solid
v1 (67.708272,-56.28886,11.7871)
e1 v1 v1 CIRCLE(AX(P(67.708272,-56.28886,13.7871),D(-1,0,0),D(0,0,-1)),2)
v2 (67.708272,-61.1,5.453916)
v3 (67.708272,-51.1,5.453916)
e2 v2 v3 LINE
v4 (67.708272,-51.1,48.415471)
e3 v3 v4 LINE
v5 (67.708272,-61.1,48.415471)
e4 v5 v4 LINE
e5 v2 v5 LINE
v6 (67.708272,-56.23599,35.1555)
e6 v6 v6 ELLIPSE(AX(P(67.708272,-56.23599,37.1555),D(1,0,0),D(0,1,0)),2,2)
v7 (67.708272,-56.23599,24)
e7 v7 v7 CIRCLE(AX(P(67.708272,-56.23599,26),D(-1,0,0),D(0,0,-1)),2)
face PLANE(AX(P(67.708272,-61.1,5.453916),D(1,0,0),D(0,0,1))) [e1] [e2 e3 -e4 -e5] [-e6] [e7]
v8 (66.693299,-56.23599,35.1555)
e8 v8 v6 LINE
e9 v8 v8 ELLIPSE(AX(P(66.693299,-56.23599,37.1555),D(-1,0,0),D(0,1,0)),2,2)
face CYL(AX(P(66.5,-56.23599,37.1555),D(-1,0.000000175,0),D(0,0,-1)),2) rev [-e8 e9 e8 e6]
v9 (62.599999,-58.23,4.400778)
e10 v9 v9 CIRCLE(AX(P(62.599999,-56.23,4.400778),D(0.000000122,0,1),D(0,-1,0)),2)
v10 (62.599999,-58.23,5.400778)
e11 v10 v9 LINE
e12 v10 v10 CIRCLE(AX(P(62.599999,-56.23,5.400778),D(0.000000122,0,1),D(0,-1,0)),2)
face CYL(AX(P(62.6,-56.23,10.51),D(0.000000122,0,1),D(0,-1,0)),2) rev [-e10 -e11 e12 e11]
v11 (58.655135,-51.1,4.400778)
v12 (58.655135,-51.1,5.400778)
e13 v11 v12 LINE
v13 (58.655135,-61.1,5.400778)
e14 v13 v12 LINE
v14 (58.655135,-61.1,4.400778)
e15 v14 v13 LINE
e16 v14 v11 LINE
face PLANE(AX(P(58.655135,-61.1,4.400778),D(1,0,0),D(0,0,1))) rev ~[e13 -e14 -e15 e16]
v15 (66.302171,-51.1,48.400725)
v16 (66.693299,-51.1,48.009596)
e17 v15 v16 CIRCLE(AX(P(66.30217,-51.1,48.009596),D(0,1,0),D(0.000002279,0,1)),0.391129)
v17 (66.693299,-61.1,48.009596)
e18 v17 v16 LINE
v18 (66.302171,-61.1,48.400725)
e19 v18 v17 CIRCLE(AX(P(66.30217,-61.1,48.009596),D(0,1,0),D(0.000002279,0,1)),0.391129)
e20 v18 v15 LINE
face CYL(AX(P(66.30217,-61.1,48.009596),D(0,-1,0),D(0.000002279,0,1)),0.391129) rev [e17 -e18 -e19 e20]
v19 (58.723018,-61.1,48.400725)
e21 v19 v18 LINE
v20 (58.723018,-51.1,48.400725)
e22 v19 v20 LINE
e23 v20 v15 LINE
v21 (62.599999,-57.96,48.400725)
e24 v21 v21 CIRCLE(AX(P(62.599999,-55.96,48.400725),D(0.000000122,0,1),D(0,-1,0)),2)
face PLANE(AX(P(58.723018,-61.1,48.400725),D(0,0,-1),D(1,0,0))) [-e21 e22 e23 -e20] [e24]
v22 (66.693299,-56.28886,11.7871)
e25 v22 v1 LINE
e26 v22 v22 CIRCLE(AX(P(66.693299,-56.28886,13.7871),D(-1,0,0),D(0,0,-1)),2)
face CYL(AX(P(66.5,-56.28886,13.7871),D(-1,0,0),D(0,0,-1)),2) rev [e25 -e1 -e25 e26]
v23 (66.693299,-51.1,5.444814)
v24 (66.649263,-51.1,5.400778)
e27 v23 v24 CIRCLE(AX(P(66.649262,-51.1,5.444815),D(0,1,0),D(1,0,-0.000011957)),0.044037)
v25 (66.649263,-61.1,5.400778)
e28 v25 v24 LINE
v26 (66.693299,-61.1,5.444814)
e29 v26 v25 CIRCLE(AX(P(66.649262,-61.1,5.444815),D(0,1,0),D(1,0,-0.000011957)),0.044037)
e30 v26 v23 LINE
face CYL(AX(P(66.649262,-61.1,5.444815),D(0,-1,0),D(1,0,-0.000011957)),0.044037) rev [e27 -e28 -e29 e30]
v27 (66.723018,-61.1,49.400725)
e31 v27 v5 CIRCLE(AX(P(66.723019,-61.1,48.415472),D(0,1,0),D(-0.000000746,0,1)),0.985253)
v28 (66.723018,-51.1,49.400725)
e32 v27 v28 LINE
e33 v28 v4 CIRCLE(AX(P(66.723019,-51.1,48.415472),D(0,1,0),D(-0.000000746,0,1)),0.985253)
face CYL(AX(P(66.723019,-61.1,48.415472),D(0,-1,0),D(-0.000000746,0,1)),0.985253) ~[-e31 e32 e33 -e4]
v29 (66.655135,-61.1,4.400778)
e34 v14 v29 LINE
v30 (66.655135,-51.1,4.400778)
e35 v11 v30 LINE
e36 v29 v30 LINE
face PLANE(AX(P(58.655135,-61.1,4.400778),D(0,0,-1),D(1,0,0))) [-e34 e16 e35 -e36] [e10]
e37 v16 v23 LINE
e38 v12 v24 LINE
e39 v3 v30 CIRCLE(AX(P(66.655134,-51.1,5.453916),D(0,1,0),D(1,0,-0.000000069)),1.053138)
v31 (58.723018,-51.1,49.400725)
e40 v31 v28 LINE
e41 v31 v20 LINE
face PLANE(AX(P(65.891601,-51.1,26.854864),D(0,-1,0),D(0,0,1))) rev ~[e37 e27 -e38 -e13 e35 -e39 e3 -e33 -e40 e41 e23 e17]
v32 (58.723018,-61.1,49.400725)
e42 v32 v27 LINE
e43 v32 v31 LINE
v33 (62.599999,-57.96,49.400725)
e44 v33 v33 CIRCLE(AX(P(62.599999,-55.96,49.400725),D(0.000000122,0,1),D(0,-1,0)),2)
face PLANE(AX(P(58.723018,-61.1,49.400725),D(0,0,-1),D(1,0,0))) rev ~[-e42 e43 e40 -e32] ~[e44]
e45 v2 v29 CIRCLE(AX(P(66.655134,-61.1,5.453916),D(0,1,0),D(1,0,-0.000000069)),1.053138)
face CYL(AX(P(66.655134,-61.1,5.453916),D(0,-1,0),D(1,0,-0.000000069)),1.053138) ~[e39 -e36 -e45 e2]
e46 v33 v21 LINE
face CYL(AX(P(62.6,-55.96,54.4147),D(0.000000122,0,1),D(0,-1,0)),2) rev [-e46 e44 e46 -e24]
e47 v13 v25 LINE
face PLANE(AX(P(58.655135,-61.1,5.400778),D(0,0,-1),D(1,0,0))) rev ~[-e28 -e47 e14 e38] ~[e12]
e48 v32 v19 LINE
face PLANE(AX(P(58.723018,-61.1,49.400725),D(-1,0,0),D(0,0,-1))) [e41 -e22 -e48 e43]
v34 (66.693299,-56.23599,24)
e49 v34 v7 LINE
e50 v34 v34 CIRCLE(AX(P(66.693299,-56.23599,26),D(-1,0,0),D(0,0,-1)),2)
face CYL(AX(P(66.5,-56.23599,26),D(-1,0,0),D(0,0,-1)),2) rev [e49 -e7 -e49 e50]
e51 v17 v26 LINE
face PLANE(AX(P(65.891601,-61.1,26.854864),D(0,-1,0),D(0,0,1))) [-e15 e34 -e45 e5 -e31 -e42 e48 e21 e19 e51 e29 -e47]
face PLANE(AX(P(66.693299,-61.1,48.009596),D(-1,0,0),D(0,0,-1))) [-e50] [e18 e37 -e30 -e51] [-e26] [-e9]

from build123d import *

# Parameters (mm, degrees)
CYLINDER030_R               = 2
CYLINDER030_DEPTH           = 10
CYLINDER030_PITCH_ANGLE     = 90
CYLINDER030_PLACEMENT_ANGLE = 7e-06
CYLINDER031_R               = 2
CYLINDER031_DEPTH           = 10
CYLINDER031_PITCH_ANGLE     = 90
CYLINDER031_PLACEMENT_ANGLE = 7e-06
CYLINDER026_R               = 2
CYLINDER026_DEPTH           = 2
CYLINDER026_ROLL_ANGLE      = -88.507054
CYLINDER026_PITCH_ANGLE     = -87.01751
CYLINDER026_PLACEMENT_ANGLE = -92.244015
CYLINDER028_R               = 2
CYLINDER028_DEPTH           = 2
CYLINDER028_PLACEMENT_ANGLE = 90.00001
CYLINDER029_R               = 2
CYLINDER029_DEPTH           = 2
CYLINDER029_ROLL_ANGLE      = 90
CYLINDER027_R               = 2
CYLINDER027_DEPTH           = 2
CYLINDER027_ROLL_ANGLE      = 90
CYLINDER025_R               = 2
CYLINDER025_DEPTH           = 2
CYLINDER025_ROLL_ANGLE      = -88.507054
CYLINDER025_PITCH_ANGLE     = -87.01751
CYLINDER025_PLACEMENT_ANGLE = -92.244015
PAD006_DEPTH                = 10
CUT025_PITCH_ANGLE          = 90
CUT025_PLACEMENT_ANGLE      = 90


with BuildPart() as cylinder030:
    # Cylinder030 → Cylinder030 (new body)
    with BuildSketch(Plane.XY):
        Circle(CYLINDER030_R)
    extrude(amount=CYLINDER030_DEPTH)


with BuildPart() as cylinder030_1:
    # Cylinder030 pitch: moved
    add(cylinder030.part.rotate(Axis((0, 0, 0), (0, 1, 0)), CYLINDER030_PITCH_ANGLE))


with BuildPart() as cylinder030_2:
    # Cylinder030 placement: moved
    add(cylinder030_1.part.moved(Location((15.49, 3.9, 4.87))).rotate(Axis((15.49, 3.9, 4.87), (0, 0, 1)), CYLINDER030_PLACEMENT_ANGLE))


with BuildPart() as cylinder031:
    # Cylinder031 → Cylinder031 (new body)
    with BuildSketch(Plane.XY):
        Circle(CYLINDER031_R)
    extrude(amount=CYLINDER031_DEPTH)


with BuildPart() as cylinder031_1:
    # Cylinder031 pitch: moved
    add(cylinder031.part.rotate(Axis((0, 0, 0), (0, 1, 0)), CYLINDER031_PITCH_ANGLE))


with BuildPart() as cylinder031_2:
    # Cylinder031 placement: moved
    add(cylinder031_1.part.moved(Location((-28.4147, 3.9, 5.14))).rotate(Axis((-28.4147, 3.9, 5.14), (0, 0, 1)), CYLINDER031_PLACEMENT_ANGLE))


with BuildPart() as cylinder026:
    # Cylinder026 → Cylinder026 (new body)
    with BuildSketch(Plane.XY):
        Circle(CYLINDER026_R)
    extrude(amount=CYLINDER026_DEPTH)


with BuildPart() as cylinder026_1:
    # Cylinder026 roll: moved
    add(cylinder026.part.rotate(Axis((0, 0, 0), (1, 0, 0)), CYLINDER026_ROLL_ANGLE))


with BuildPart() as cylinder026_2:
    # Cylinder026 pitch: moved
    add(cylinder026_1.part.rotate(Axis((0, 0, 0), (0, 1, 0)), CYLINDER026_PITCH_ANGLE))


with BuildPart() as cylinder026_3:
    # Cylinder026 placement: moved
    add(cylinder026_2.part.moved(Location((-26, 5.29, 4.9))).rotate(Axis((-26, 5.29, 4.9), (0, 0, 1)), CYLINDER026_PLACEMENT_ANGLE))


with BuildPart() as cylinder028:
    # Cylinder028 → Cylinder028 (new body)
    with BuildSketch(Plane.XY):
        Circle(CYLINDER028_R)
    extrude(amount=CYLINDER028_DEPTH)


with BuildPart() as cylinder028_1:
    # Cylinder028 placement: moved
    add(cylinder028.part.moved(Location((-11.1555, 0, 4.86401))).rotate(Axis((-11.1555, 0, 4.86401), (1, 0, 0)), CYLINDER028_PLACEMENT_ANGLE))


with BuildPart() as cylinder029:
    # Cylinder029 → Cylinder029 (new body)
    with BuildSketch(Plane.XY):
        Circle(CYLINDER029_R)
    extrude(amount=CYLINDER029_DEPTH)


with BuildPart() as cylinder029_1:
    # Cylinder029 roll: moved
    add(cylinder029.part.rotate(Axis((0, 0, 0), (1, 0, 0)), CYLINDER029_ROLL_ANGLE))


with BuildPart() as cylinder029_2:
    # Cylinder029 placement: moved
    add(cylinder029_1.part.moved(Location((0, 0, 4.86401))))


with BuildPart() as cylinder027:
    # Cylinder027 → Cylinder027 (new body)
    with BuildSketch(Plane.XY):
        Circle(CYLINDER027_R)
    extrude(amount=CYLINDER027_DEPTH)


with BuildPart() as cylinder027_1:
    # Cylinder027 roll: moved
    add(cylinder027.part.rotate(Axis((0, 0, 0), (1, 0, 0)), CYLINDER027_ROLL_ANGLE))


with BuildPart() as cylinder027_2:
    # Cylinder027 placement: moved
    add(cylinder027_1.part.moved(Location((12.2129, 0, 4.81114))))


with BuildPart() as cylinder025:
    # Cylinder025 → Cylinder025 (new body)
    with BuildSketch(Plane.XY):
        Circle(CYLINDER025_R)
    extrude(amount=CYLINDER025_DEPTH)


with BuildPart() as cylinder025_1:
    # Cylinder025 roll: moved
    add(cylinder025.part.rotate(Axis((0, 0, 0), (1, 0, 0)), CYLINDER025_ROLL_ANGLE))


with BuildPart() as cylinder025_2:
    # Cylinder025 pitch: moved
    add(cylinder025_1.part.rotate(Axis((0, 0, 0), (0, 1, 0)), CYLINDER025_PITCH_ANGLE))


with BuildPart() as cylinder025_3:
    # Cylinder025 placement: moved
    add(cylinder025_2.part.moved(Location((25, 5.38, 4.9))).rotate(Axis((25, 5.38, 4.9), (0, 0, 1)), CYLINDER025_PLACEMENT_ANGLE))


with BuildPart() as cut025:
    # Sketch007 → Pad006 (new body)
    with BuildSketch(Plane.XY):
        with BuildLine():
            Line((20.546084, -1.208272), (-22.415471, -1.208272))
            ThreePointArc((-23.400725, -0.223018), (-23.112151, -0.919698), (-22.415471, -1.208272))
            Line((-23.400725, 7.776982), (-23.400725, -0.223018))
            Line((-23.400725, 7.776982), (-22.400725, 7.776982))
            Line((-22.400725, 7.776982), (-22.400725, 0.197829))
            ThreePointArc((-22.400725, 0.197829), (-22.286166, -0.07874), (-22.009596, -0.193299))
            Line((-22.009596, -0.193299), (20.555186, -0.193299))
            ThreePointArc((20.555186, -0.193299), (20.586324, -0.180401), (20.599222, -0.149263))
            Line((20.599222, 7.844865), (20.599222, -0.149263))
            Line((21.599222, 7.844865), (20.599222, 7.844865))
            Line((21.599222, 7.844865), (21.599222, -0.155135))
            ThreePointArc((20.546084, -1.208272), (21.290765, -0.899815), (21.599222, -0.155135))
        make_face()
    extrude(amount=PAD006_DEPTH)

    # Cut005: cut Cylinder025
    add(cylinder025_3.part, mode=Mode.SUBTRACT)

    # Cut006: cut Cylinder027
    add(cylinder027_2.part, mode=Mode.SUBTRACT)

    # Cut007: cut Cylinder029
    add(cylinder029_2.part, mode=Mode.SUBTRACT)

    # Cut008: cut Cylinder028
    add(cylinder028_1.part, mode=Mode.SUBTRACT)

    # Cut009: cut Cylinder026
    add(cylinder026_3.part, mode=Mode.SUBTRACT)

    # Cut018: cut Cylinder031
    add(cylinder031_2.part, mode=Mode.SUBTRACT)

    # Cut025: cut Cylinder030
    add(cylinder030_2.part, mode=Mode.SUBTRACT)


with BuildPart() as cut025_1:
    # Cut025 pitch: moved
    add(cut025.part.rotate(Axis((0, 0, 0), (0, 1, 0)), CUT025_PITCH_ANGLE))


with BuildPart() as cut025_2:
    # Cut025 placement: moved
    add(cut025_1.part.moved(Location((66.5, -61.1, 26))).rotate(Axis((66.5, -61.1, 26), (0, 0, 1)), CUT025_PLACEMENT_ANGLE))


solid = cut025_2.part
